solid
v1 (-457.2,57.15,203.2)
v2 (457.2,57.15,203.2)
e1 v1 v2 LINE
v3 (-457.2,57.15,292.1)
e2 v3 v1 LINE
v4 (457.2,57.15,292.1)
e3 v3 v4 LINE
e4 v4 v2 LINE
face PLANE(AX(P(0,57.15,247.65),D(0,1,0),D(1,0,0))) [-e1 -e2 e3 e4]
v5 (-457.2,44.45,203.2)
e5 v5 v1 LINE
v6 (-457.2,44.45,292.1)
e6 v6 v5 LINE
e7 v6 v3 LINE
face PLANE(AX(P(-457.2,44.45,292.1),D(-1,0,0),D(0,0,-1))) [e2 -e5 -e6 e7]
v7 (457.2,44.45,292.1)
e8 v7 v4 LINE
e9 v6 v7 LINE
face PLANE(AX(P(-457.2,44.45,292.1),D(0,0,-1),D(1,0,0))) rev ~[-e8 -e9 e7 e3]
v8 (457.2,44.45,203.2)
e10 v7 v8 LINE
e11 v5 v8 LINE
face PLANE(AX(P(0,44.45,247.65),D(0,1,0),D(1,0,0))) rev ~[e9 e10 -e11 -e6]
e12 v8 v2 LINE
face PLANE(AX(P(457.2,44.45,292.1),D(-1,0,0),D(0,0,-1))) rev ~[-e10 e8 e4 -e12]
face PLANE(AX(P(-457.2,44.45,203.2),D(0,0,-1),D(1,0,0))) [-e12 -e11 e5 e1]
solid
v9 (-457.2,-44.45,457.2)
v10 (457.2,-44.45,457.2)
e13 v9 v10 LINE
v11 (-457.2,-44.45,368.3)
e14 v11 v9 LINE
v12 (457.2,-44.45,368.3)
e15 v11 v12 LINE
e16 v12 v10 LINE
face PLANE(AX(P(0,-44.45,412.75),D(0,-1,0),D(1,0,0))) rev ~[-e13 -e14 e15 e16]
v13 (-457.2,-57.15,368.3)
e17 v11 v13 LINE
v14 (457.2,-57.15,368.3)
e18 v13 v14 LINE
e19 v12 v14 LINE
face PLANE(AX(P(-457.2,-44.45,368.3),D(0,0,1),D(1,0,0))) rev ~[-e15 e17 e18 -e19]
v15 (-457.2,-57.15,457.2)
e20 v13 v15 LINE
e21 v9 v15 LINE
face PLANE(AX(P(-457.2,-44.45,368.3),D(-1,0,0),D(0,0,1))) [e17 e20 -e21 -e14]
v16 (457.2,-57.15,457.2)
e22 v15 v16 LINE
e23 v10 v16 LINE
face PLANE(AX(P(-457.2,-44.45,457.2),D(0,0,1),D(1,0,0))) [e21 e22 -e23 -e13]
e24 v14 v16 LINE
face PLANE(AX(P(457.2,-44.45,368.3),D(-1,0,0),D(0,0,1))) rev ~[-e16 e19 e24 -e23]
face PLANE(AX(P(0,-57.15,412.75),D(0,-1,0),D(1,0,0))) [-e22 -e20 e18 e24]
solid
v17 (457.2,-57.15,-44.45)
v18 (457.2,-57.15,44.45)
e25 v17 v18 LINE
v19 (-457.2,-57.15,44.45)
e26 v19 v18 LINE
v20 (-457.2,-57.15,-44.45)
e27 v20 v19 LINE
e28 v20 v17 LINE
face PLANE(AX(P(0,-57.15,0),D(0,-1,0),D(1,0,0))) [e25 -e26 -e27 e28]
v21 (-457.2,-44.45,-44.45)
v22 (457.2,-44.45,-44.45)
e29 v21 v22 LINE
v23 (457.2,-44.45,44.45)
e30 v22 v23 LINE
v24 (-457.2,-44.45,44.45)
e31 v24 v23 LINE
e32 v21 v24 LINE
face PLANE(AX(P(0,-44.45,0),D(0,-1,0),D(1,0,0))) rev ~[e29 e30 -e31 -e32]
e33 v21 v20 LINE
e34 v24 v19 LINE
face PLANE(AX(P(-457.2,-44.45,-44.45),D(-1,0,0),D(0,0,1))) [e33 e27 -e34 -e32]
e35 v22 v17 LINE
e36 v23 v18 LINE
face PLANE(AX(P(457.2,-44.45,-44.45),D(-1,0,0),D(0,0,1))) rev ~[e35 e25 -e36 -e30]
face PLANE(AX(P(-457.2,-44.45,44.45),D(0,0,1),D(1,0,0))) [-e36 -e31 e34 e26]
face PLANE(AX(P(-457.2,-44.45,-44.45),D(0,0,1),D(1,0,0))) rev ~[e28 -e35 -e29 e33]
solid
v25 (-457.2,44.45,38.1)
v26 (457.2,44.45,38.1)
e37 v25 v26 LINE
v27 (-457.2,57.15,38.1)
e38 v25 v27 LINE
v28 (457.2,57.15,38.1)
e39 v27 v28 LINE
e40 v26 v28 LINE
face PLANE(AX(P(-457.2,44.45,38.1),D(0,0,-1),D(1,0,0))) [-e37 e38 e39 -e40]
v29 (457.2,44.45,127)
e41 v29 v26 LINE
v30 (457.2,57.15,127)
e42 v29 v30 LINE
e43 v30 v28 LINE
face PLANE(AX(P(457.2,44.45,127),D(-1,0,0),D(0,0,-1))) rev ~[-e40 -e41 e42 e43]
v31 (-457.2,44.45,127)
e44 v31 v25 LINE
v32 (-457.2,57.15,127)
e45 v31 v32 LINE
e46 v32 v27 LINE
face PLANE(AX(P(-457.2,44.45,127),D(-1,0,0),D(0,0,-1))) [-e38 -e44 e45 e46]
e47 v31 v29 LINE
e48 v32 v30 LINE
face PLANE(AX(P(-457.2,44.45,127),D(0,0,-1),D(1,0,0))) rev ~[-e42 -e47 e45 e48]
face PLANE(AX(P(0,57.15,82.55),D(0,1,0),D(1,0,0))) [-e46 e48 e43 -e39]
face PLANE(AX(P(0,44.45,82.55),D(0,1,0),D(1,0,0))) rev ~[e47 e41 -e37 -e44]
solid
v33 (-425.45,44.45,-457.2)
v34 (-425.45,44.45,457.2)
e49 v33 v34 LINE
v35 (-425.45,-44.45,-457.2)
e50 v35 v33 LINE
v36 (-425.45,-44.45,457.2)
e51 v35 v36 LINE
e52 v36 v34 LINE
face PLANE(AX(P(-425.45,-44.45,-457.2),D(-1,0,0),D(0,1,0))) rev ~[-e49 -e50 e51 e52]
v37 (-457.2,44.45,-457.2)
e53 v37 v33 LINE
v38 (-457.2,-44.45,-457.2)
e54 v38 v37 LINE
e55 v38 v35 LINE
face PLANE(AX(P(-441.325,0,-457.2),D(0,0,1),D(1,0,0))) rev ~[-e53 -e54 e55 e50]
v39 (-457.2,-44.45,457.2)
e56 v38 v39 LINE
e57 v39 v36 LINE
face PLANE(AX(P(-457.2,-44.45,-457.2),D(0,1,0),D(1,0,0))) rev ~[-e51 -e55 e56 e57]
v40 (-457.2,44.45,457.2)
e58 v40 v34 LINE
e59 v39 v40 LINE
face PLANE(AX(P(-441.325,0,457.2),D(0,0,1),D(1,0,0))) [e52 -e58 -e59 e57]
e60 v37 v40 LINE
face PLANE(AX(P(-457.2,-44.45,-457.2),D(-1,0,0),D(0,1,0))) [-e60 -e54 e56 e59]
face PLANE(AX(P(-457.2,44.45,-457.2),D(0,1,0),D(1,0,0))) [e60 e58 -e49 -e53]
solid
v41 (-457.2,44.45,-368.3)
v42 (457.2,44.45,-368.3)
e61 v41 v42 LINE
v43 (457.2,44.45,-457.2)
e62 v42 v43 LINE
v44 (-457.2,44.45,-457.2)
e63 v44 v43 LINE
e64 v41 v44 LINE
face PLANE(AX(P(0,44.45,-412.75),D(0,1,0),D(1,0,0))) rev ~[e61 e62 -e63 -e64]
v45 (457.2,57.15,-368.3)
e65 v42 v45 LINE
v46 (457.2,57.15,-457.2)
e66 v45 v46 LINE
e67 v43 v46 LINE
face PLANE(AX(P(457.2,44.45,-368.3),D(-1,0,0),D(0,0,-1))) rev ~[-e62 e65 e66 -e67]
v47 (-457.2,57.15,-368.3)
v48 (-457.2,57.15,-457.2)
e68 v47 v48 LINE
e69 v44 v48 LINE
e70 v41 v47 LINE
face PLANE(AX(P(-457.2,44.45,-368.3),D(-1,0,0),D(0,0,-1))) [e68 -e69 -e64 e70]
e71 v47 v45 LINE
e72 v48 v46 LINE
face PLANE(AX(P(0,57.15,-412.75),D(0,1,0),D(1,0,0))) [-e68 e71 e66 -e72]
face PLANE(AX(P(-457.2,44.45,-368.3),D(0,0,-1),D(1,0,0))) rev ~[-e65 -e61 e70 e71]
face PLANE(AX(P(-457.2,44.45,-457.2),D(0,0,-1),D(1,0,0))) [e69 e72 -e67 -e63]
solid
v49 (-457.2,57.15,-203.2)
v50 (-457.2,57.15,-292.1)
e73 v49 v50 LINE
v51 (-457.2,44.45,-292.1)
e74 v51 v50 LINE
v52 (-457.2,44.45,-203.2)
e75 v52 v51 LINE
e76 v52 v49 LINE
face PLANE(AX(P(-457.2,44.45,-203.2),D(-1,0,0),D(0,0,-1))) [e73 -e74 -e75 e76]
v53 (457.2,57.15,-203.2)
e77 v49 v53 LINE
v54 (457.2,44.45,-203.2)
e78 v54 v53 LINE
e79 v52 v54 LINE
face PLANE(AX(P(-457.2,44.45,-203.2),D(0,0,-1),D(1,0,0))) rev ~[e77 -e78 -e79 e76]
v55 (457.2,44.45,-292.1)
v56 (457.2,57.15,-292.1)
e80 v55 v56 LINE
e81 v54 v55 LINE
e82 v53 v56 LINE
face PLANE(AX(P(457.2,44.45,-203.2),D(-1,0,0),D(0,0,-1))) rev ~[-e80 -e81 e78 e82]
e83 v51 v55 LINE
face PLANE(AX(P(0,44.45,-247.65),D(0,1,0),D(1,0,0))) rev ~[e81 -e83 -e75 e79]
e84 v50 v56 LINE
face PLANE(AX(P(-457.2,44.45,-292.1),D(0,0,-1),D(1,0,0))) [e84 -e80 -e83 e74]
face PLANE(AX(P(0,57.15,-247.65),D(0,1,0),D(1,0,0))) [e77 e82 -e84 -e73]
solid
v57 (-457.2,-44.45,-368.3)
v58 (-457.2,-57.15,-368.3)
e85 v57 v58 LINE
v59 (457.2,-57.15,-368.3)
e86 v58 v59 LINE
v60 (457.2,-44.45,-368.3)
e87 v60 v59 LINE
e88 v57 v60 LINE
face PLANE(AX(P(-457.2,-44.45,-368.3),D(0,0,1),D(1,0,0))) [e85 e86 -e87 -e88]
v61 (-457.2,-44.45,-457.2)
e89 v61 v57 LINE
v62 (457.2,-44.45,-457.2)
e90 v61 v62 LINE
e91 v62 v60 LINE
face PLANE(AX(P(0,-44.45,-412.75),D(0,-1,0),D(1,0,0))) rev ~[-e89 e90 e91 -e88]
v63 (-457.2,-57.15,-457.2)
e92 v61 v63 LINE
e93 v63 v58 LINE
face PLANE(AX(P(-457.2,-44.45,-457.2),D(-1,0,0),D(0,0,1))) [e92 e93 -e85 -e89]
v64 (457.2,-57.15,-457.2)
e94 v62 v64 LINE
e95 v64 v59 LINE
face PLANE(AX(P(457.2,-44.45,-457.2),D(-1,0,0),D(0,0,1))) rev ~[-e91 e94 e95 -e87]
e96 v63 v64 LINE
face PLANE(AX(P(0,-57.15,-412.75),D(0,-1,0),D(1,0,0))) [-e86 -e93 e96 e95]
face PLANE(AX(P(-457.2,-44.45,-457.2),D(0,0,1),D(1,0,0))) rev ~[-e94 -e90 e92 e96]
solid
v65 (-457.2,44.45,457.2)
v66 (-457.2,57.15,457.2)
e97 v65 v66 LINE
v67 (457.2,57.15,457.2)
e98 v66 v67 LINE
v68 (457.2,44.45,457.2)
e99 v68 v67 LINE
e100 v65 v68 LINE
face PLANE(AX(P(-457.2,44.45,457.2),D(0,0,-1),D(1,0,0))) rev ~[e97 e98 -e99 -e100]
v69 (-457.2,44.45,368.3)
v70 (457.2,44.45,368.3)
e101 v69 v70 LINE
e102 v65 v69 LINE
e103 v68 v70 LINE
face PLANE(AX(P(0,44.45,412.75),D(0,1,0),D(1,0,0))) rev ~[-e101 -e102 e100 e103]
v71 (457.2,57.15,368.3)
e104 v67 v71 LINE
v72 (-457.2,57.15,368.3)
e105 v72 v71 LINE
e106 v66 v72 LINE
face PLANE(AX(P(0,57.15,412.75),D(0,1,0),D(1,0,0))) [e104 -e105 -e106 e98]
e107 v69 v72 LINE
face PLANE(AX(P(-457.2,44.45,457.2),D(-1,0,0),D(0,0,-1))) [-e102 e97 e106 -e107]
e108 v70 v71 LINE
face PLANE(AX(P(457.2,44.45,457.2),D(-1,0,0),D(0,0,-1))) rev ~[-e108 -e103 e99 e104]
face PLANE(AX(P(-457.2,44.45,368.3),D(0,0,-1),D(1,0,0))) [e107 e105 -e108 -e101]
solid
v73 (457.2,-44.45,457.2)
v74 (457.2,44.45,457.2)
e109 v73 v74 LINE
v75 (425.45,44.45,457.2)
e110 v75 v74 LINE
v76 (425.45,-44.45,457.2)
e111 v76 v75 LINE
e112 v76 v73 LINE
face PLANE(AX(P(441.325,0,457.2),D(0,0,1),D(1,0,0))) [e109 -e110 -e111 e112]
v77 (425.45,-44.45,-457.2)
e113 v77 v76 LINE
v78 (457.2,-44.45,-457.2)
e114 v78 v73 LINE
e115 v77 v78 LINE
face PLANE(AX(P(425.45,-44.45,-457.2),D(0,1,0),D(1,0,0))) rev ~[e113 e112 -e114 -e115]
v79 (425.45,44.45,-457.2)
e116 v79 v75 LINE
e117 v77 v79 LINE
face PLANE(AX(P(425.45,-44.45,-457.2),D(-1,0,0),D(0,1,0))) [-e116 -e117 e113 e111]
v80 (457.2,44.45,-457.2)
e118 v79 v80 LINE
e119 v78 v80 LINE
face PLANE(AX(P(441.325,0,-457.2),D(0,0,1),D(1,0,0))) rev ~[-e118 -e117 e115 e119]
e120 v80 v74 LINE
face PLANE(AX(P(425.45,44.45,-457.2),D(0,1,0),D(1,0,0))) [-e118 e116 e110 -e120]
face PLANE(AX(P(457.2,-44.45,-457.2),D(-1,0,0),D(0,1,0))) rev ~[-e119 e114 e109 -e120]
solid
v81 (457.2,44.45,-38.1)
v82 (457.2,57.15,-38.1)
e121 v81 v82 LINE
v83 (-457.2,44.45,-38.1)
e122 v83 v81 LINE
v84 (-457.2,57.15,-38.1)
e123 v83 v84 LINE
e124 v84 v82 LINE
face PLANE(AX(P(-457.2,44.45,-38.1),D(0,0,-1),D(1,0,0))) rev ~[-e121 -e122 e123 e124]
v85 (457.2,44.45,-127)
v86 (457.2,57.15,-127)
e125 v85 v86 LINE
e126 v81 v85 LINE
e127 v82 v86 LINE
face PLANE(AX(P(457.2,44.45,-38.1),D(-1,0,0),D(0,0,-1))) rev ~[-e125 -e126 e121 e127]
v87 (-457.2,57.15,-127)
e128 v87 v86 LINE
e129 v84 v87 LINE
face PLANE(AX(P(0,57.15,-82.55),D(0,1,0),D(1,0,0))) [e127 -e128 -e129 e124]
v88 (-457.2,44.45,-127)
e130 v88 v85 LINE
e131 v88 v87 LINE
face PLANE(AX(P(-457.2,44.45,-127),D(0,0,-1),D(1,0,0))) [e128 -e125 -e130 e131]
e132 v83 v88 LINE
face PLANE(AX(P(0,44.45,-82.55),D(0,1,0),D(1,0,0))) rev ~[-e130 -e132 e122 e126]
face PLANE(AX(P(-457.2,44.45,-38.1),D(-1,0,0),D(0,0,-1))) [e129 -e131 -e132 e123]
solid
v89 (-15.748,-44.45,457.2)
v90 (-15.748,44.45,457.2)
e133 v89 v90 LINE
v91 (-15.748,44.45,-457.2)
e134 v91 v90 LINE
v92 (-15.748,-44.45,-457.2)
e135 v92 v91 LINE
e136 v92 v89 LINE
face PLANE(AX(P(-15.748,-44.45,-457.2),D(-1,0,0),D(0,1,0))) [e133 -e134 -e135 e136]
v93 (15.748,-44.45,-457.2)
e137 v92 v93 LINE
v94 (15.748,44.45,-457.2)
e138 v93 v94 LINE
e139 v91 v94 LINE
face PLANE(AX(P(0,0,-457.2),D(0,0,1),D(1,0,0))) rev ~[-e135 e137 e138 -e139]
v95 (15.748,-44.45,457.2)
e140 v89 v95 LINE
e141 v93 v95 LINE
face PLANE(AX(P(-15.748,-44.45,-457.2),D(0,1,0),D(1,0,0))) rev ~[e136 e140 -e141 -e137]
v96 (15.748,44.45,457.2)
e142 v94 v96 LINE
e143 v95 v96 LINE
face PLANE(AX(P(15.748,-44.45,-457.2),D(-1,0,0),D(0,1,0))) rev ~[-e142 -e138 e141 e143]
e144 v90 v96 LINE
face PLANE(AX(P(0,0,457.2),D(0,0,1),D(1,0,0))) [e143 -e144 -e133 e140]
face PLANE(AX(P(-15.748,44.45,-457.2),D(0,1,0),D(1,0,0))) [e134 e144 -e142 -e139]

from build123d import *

# Parameters (mm, degrees)
BOSS_EXTRUDE1_DEPTH        = 457.2
BOSS_EXTRUDE1_DEPTH_BACK   = 457.2
SKETCH3_W                  = 31.75
SKETCH3_H                  = 88.9
BOSS_EXTRUDE1_2_DEPTH      = 457.2
BOSS_EXTRUDE1_2_DEPTH_BACK = 457.2
SKETCH3_W_2                = 31.496
BOSS_EXTRUDE1_3_DEPTH      = 457.2
BOSS_EXTRUDE1_3_DEPTH_BACK = 457.2
SKETCH4_W                  = 914.4
SKETCH4_H                  = 88.9
BOSS_EXTRUDE2_DEPTH        = 12.7
BOSS_EXTRUDE2_2_DEPTH      = 12.7
BOSS_EXTRUDE2_3_DEPTH      = 12.7
BOSS_EXTRUDE2_4_DEPTH      = 12.7
BOSS_EXTRUDE2_5_DEPTH      = 12.7
BOSS_EXTRUDE2_6_DEPTH      = 12.7
SKETCH5_W                  = 914.4
SKETCH5_H                  = 88.9
BOSS_EXTRUDE3_DEPTH        = 12.7
BOSS_EXTRUDE3_2_DEPTH      = 12.7
BOSS_EXTRUDE3_3_DEPTH      = 12.7


with BuildPart() as part:
    # Sketch3 → Boss-Extrude1 (new, two sides: drawn at the far end of the back side and taken through both)
    with BuildSketch(Plane.XY.offset(-BOSS_EXTRUDE1_DEPTH_BACK)):
        with Locations((-441.325, 0)):
            Rectangle(SKETCH3_W, SKETCH3_H)
    extrude(amount=BOSS_EXTRUDE1_DEPTH + BOSS_EXTRUDE1_DEPTH_BACK)


with BuildPart() as body_2:
    # Sketch3 → Boss-Extrude1 2 (new, two sides: drawn at the far end of the back side and taken through both)
    with BuildSketch(Plane.XY.offset(-BOSS_EXTRUDE1_2_DEPTH_BACK)):
        Rectangle(SKETCH3_W_2, SKETCH3_H)
    extrude(amount=BOSS_EXTRUDE1_2_DEPTH + BOSS_EXTRUDE1_2_DEPTH_BACK)


with BuildPart() as body_3:
    # Sketch3 → Boss-Extrude1 3 (new, two sides: drawn at the far end of the back side and taken through both)
    with BuildSketch(Plane.XY.offset(-BOSS_EXTRUDE1_3_DEPTH_BACK)):
        with Locations((441.325, 0)):
            Rectangle(SKETCH3_W, SKETCH3_H)
    extrude(amount=BOSS_EXTRUDE1_3_DEPTH + BOSS_EXTRUDE1_3_DEPTH_BACK)


with BuildPart() as body_4:
    # Sketch4 → Boss-Extrude2 (new body)
    with BuildSketch(Plane(origin=(0, 44.45, 0), x_dir=(1, 0, 0), z_dir=(0, 1, 0))):
        with Locations((0, -412.75)):
            Rectangle(SKETCH4_W, SKETCH4_H)
    extrude(amount=BOSS_EXTRUDE2_DEPTH)


with BuildPart() as body_5:
    # Sketch4 → Boss-Extrude2 2 (new body)
    with BuildSketch(Plane(origin=(0, 44.45, 0), x_dir=(1, 0, 0), z_dir=(0, 1, 0))):
        with Locations((0, -247.65)):
            Rectangle(SKETCH4_W, SKETCH4_H)
    extrude(amount=BOSS_EXTRUDE2_2_DEPTH)


with BuildPart() as body_6:
    # Sketch4 → Boss-Extrude2 3 (new body)
    with BuildSketch(Plane(origin=(0, 44.45, 0), x_dir=(1, 0, 0), z_dir=(0, 1, 0))):
        with Locations((0, -82.55)):
            Rectangle(SKETCH4_W, SKETCH4_H)
    extrude(amount=BOSS_EXTRUDE2_3_DEPTH)


with BuildPart() as body_7:
    # Sketch4 → Boss-Extrude2 4 (new body)
    with BuildSketch(Plane(origin=(0, 44.45, 0), x_dir=(1, 0, 0), z_dir=(0, 1, 0))):
        with Locations((0, 82.55)):
            Rectangle(SKETCH4_W, SKETCH4_H)
    extrude(amount=BOSS_EXTRUDE2_4_DEPTH)


with BuildPart() as body_8:
    # Sketch4 → Boss-Extrude2 5 (new body)
    with BuildSketch(Plane(origin=(0, 44.45, 0), x_dir=(1, 0, 0), z_dir=(0, 1, 0))):
        with Locations((0, 247.65)):
            Rectangle(SKETCH4_W, SKETCH4_H)
    extrude(amount=BOSS_EXTRUDE2_5_DEPTH)


with BuildPart() as body_9:
    # Sketch4 → Boss-Extrude2 6 (new body)
    with BuildSketch(Plane(origin=(0, 44.45, 0), x_dir=(1, 0, 0), z_dir=(0, 1, 0))):
        with Locations((0, 412.75)):
            Rectangle(SKETCH4_W, SKETCH4_H)
    extrude(amount=BOSS_EXTRUDE2_6_DEPTH)


with BuildPart() as body_10:
    # Sketch5 → Boss-Extrude3 (new body)
    with BuildSketch(Plane.XZ.offset(44.45)):
        with Locations((0, 412.75)):
            Rectangle(SKETCH5_W, SKETCH5_H)
    extrude(amount=BOSS_EXTRUDE3_DEPTH)


with BuildPart() as body_11:
    # Sketch5 → Boss-Extrude3 2 (new body)
    with BuildSketch(Plane.XZ.offset(44.45)):
        with Locations((0, -412.75)):
            Rectangle(SKETCH5_W, SKETCH5_H)
    extrude(amount=BOSS_EXTRUDE3_2_DEPTH)


with BuildPart() as body_12:
    # Sketch5 → Boss-Extrude3 3 (new body)
    with BuildSketch(Plane.XZ.offset(44.45)):
        Rectangle(SKETCH5_W, SKETCH5_H)
    extrude(amount=BOSS_EXTRUDE3_3_DEPTH)


solid = Compound([part.part, body_2.part, body_3.part, body_4.part, body_5.part, body_6.part, body_7.part, body_8.part, body_9.part, body_10.part, body_11.part, body_12.part])
